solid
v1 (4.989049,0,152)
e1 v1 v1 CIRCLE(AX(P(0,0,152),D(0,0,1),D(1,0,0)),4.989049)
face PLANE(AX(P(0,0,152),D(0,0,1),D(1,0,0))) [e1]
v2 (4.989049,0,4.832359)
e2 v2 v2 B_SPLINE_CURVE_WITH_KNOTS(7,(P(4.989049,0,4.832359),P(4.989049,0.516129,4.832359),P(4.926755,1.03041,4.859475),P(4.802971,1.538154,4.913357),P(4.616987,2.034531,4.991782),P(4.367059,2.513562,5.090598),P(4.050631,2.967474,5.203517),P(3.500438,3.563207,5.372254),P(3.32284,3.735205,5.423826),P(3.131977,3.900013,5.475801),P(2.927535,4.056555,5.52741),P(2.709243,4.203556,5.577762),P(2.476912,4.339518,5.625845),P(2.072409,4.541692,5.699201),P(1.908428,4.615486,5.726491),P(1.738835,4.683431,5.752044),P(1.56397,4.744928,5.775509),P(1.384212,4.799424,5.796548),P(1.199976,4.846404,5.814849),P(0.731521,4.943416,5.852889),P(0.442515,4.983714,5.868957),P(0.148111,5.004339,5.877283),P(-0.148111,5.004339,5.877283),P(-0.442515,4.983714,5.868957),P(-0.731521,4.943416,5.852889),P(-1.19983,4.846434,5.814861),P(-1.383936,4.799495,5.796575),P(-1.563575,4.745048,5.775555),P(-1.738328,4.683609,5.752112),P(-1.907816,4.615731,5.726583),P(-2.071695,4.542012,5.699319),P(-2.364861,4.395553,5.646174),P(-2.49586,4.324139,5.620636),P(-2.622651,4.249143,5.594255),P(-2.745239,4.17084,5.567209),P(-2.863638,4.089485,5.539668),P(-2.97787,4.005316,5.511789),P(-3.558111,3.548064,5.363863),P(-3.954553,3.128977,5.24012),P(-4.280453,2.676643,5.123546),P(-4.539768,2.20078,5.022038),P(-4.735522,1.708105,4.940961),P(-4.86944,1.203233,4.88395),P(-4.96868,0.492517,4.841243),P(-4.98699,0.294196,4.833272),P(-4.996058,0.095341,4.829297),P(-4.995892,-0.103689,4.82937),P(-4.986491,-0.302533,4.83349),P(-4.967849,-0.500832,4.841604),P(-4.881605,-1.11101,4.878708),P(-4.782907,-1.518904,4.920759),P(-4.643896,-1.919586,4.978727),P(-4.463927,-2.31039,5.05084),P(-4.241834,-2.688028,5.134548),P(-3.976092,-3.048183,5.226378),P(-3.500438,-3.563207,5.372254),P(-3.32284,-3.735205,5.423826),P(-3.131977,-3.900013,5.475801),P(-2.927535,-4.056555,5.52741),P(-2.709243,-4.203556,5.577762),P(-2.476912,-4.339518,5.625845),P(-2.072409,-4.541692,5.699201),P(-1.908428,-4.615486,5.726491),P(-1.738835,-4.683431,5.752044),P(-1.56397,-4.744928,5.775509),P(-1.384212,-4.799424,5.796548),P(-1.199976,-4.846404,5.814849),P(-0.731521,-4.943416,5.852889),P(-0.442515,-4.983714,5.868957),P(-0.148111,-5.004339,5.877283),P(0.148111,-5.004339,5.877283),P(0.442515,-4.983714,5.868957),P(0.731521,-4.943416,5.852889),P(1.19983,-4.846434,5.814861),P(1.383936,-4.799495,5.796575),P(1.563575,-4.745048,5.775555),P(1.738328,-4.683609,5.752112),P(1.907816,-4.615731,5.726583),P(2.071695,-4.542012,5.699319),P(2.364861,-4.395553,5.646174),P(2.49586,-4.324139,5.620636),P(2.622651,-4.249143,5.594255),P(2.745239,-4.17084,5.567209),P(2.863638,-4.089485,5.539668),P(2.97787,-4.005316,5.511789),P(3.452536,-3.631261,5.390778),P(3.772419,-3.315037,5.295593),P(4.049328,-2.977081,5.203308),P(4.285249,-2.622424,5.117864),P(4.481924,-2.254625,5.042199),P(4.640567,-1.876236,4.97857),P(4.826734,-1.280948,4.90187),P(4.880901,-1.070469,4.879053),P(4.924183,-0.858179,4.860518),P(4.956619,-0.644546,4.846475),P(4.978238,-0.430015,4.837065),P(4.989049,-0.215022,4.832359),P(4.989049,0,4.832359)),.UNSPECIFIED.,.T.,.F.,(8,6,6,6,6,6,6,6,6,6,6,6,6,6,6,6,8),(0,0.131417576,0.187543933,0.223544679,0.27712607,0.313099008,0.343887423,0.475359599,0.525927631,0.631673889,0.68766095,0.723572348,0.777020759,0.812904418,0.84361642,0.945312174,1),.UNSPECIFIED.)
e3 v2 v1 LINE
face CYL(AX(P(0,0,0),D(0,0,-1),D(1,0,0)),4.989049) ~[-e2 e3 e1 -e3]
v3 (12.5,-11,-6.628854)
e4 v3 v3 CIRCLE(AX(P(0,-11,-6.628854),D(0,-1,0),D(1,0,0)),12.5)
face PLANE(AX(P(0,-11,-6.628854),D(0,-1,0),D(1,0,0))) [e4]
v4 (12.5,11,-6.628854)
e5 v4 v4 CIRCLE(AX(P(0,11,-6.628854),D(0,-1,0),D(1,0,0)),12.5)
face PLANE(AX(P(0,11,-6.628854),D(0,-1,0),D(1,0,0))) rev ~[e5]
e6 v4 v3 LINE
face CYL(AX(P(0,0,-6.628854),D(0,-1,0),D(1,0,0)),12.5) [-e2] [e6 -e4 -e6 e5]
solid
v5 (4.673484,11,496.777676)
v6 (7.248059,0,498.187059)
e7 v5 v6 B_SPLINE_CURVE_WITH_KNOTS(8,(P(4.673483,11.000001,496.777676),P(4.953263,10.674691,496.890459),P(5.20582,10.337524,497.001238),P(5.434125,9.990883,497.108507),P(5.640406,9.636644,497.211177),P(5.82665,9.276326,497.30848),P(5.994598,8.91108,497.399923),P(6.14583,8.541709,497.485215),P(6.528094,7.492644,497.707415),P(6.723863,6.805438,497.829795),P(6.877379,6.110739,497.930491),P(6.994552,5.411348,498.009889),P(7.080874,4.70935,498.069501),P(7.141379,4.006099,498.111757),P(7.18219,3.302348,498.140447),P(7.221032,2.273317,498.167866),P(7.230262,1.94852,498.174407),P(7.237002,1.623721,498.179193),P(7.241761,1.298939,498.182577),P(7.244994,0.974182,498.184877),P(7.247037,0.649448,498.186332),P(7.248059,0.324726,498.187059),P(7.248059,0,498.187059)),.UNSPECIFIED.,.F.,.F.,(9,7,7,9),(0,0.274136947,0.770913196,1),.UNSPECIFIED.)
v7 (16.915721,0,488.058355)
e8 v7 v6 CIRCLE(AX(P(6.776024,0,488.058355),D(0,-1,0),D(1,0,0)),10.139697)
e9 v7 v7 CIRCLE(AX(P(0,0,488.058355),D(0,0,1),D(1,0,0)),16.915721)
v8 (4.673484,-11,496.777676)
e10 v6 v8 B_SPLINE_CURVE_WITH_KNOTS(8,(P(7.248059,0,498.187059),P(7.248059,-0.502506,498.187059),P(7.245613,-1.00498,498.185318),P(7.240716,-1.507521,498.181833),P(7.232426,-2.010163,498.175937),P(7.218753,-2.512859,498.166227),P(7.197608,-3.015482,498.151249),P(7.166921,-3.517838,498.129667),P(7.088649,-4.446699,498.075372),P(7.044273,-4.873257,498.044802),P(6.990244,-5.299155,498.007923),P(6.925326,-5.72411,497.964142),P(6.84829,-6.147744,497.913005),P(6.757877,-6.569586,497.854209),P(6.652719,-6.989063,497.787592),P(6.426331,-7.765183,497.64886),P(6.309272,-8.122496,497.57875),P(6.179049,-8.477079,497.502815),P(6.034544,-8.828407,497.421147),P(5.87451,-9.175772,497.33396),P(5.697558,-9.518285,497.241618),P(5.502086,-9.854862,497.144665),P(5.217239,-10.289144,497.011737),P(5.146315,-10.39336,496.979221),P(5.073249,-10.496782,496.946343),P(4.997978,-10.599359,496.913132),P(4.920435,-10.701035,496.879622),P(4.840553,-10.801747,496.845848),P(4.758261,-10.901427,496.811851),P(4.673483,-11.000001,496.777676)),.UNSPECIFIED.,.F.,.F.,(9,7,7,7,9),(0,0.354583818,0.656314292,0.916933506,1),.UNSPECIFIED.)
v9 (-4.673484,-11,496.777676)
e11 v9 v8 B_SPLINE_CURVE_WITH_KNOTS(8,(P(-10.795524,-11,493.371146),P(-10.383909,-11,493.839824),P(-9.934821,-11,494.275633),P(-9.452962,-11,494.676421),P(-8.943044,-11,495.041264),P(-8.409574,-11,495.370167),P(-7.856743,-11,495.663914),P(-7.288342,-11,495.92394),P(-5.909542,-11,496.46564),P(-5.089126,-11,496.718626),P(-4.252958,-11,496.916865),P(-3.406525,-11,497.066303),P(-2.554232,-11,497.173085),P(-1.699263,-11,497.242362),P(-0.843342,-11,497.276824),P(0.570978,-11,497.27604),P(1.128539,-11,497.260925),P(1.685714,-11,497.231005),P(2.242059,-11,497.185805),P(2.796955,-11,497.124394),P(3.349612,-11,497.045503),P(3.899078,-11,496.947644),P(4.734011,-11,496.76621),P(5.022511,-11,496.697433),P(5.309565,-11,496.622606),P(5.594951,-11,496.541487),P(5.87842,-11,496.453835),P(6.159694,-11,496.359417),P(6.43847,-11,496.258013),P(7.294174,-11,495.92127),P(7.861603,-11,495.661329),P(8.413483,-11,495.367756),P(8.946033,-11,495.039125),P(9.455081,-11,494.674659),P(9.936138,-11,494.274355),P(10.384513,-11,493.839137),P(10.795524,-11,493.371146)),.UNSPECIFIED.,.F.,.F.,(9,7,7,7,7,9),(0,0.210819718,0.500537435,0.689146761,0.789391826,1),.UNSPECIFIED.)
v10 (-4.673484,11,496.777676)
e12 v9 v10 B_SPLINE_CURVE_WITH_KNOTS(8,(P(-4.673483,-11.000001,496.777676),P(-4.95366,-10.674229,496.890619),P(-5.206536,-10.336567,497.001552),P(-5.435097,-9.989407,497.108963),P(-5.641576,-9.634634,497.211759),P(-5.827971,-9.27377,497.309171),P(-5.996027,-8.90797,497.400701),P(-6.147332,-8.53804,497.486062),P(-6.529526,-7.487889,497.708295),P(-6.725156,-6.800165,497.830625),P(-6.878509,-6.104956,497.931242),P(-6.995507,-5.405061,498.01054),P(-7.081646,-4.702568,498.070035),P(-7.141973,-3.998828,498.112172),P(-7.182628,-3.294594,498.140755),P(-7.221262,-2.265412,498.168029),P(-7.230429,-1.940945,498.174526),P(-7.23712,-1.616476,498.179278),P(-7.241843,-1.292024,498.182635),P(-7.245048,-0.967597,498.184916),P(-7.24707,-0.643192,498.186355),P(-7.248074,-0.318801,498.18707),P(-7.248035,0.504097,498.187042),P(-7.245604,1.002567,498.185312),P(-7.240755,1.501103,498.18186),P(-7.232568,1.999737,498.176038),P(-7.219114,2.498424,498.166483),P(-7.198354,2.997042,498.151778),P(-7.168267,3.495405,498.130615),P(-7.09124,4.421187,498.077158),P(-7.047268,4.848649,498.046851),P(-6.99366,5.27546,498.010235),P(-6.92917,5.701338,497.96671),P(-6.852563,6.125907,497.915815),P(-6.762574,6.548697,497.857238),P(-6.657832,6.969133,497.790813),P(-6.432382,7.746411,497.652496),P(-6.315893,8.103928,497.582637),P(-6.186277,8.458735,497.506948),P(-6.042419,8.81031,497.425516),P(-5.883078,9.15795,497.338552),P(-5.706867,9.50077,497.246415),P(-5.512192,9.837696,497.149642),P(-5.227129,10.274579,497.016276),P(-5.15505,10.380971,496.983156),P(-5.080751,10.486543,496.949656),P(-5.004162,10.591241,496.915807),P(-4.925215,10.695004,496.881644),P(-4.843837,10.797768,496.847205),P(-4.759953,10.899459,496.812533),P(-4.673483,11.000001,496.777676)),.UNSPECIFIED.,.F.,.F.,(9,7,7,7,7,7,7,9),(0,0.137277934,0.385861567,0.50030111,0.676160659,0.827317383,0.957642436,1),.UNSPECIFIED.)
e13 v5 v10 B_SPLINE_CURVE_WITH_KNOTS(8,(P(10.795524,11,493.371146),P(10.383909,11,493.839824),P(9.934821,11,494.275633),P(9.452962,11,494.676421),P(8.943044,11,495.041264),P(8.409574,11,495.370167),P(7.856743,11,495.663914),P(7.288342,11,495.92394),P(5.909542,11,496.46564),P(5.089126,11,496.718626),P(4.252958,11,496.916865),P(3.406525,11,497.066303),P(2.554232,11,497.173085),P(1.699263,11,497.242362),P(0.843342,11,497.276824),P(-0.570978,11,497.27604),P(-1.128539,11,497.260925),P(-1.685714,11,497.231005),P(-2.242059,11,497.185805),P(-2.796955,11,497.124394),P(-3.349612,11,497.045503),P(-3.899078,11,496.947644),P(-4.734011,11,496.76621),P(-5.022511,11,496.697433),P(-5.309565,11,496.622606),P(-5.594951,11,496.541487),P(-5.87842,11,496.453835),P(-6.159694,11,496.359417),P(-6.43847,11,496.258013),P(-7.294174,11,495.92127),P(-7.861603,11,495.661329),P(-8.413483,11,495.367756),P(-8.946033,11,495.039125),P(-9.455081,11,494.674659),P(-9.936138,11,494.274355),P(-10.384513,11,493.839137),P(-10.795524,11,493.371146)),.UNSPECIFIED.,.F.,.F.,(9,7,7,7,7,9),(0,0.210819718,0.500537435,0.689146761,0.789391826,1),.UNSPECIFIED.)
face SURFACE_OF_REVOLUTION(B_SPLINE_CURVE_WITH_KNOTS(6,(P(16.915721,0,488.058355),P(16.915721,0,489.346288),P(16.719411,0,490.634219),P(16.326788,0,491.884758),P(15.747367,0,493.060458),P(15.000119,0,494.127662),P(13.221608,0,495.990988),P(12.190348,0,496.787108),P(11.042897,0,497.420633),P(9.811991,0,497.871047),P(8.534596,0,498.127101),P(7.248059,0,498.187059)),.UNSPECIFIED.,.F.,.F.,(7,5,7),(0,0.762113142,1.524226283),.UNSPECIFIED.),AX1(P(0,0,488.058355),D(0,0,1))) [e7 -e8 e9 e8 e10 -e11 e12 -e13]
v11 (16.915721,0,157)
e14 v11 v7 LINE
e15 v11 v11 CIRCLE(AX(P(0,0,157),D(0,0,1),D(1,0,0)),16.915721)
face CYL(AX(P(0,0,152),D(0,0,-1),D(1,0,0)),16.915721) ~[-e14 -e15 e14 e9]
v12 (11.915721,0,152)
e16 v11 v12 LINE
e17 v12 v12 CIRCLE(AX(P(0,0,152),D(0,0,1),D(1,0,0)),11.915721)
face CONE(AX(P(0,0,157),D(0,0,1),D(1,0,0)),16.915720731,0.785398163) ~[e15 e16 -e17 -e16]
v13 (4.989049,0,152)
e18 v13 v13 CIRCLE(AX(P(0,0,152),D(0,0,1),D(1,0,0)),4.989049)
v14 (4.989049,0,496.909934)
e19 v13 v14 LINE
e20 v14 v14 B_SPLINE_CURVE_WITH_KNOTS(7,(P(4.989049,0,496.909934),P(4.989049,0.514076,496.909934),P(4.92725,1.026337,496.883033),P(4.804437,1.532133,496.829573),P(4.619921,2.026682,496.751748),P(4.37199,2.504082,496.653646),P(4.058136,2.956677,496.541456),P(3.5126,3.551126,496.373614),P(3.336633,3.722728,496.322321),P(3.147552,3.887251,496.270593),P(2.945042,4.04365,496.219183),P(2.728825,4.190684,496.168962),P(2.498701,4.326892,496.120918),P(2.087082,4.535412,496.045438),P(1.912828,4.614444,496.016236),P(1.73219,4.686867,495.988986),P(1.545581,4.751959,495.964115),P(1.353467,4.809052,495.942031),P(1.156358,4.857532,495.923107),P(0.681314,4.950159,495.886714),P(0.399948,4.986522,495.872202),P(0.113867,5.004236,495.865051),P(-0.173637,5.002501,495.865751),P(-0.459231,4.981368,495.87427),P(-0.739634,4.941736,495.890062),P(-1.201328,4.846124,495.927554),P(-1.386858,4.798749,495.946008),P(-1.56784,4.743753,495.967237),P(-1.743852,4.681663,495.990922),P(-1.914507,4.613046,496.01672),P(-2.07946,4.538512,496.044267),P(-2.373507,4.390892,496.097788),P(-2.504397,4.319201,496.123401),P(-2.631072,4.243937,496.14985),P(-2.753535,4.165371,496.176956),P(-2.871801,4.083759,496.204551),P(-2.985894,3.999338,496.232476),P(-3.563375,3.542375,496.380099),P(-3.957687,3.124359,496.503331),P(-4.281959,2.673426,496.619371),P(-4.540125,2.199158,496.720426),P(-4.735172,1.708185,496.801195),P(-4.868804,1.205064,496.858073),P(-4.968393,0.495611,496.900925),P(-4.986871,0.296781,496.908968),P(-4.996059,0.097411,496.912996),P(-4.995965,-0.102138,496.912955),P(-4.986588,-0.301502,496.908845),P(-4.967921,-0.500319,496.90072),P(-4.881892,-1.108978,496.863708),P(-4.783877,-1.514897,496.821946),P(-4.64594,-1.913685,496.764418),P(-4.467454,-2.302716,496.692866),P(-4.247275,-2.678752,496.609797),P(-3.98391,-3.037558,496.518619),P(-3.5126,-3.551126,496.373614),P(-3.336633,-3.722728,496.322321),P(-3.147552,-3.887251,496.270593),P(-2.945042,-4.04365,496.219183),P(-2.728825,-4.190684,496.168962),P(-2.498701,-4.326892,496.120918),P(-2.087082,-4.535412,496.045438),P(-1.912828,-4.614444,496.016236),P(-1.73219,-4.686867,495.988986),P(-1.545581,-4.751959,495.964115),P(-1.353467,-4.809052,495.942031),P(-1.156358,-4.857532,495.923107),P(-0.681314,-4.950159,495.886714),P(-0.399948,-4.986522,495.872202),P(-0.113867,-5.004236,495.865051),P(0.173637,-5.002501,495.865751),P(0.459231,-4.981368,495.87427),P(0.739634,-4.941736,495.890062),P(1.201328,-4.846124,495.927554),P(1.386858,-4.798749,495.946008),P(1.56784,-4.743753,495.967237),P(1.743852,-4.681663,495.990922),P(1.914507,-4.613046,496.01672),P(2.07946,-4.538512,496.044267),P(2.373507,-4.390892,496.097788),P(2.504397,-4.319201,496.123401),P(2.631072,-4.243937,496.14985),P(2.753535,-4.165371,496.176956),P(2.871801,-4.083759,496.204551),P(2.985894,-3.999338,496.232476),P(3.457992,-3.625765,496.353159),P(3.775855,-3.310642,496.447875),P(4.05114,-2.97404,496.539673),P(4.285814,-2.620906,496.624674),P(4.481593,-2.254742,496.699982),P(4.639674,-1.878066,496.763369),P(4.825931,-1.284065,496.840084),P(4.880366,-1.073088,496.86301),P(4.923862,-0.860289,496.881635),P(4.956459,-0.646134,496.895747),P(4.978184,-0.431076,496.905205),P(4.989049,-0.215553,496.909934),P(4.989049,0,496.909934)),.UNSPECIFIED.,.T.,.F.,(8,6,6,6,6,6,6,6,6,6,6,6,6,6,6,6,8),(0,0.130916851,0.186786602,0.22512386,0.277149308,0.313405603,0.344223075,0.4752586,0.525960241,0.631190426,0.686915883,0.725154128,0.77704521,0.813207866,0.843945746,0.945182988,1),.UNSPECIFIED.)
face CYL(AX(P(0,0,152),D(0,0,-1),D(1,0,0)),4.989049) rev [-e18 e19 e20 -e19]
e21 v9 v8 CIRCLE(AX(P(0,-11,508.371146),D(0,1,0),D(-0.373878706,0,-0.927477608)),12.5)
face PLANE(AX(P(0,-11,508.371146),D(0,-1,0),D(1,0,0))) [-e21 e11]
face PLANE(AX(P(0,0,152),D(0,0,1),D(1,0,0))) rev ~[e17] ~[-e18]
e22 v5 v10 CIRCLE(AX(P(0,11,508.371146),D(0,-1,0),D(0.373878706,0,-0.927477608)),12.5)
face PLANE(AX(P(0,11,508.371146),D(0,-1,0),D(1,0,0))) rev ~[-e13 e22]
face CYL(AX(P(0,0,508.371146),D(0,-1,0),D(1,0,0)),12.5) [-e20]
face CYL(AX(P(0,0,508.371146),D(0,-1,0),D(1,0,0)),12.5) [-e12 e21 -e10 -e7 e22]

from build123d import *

# Parameters (mm, degrees)
F0_R     = 4.9890493126
F1_DEPTH = 152
F3_R     = 16.915720731
F3_R_2   = 4.9890493126
F4_DEPTH = 346.1980521679
F5_R     = 10.139696962
F6_SIZE  = 5
F2_R     = 12.5
F7_DEPTH = 11


with BuildPart() as f1:
    # F0 (on Top) → F1 (new body)
    with BuildSketch(Plane.XY):
        Circle(F0_R)
    extrude(amount=F1_DEPTH)

    # F2 (on Front) → F7 (join, symmetric)
    with BuildSketch(Plane.XZ):
        with Locations((0, -6.628853715)):
            Circle(F2_R)
    extrude(amount=F7_DEPTH, both=True)


with BuildPart() as f4:
    # F3 (on face) → F4 (new body)
    with BuildSketch(Plane.XY.offset(152)):
        Circle(F3_R)
        Circle(F3_R_2, mode=Mode.SUBTRACT)
    extrude(amount=F4_DEPTH)

    # F5
    f5_edges = [f4.edges().sort_by_distance(p)[0] for p in [
        (-16.915721, 0, 498.198052),
    ]]
    fillet(f5_edges, radius=F5_R)

    # F6
    f6_edges = [f4.edges().sort_by_distance(p)[0] for p in [
        (-16.915721, 0, 152),
    ]]
    chamfer(f6_edges, length=F6_SIZE)

    # F2 (on Front) → F7, piece 2 (join, symmetric)
    with BuildSketch(Plane.XZ):
        with Locations((0, 508.371146285)):
            Circle(F2_R)
    extrude(amount=F7_DEPTH, both=True)


solid = Compound([f1.part, f4.part])
